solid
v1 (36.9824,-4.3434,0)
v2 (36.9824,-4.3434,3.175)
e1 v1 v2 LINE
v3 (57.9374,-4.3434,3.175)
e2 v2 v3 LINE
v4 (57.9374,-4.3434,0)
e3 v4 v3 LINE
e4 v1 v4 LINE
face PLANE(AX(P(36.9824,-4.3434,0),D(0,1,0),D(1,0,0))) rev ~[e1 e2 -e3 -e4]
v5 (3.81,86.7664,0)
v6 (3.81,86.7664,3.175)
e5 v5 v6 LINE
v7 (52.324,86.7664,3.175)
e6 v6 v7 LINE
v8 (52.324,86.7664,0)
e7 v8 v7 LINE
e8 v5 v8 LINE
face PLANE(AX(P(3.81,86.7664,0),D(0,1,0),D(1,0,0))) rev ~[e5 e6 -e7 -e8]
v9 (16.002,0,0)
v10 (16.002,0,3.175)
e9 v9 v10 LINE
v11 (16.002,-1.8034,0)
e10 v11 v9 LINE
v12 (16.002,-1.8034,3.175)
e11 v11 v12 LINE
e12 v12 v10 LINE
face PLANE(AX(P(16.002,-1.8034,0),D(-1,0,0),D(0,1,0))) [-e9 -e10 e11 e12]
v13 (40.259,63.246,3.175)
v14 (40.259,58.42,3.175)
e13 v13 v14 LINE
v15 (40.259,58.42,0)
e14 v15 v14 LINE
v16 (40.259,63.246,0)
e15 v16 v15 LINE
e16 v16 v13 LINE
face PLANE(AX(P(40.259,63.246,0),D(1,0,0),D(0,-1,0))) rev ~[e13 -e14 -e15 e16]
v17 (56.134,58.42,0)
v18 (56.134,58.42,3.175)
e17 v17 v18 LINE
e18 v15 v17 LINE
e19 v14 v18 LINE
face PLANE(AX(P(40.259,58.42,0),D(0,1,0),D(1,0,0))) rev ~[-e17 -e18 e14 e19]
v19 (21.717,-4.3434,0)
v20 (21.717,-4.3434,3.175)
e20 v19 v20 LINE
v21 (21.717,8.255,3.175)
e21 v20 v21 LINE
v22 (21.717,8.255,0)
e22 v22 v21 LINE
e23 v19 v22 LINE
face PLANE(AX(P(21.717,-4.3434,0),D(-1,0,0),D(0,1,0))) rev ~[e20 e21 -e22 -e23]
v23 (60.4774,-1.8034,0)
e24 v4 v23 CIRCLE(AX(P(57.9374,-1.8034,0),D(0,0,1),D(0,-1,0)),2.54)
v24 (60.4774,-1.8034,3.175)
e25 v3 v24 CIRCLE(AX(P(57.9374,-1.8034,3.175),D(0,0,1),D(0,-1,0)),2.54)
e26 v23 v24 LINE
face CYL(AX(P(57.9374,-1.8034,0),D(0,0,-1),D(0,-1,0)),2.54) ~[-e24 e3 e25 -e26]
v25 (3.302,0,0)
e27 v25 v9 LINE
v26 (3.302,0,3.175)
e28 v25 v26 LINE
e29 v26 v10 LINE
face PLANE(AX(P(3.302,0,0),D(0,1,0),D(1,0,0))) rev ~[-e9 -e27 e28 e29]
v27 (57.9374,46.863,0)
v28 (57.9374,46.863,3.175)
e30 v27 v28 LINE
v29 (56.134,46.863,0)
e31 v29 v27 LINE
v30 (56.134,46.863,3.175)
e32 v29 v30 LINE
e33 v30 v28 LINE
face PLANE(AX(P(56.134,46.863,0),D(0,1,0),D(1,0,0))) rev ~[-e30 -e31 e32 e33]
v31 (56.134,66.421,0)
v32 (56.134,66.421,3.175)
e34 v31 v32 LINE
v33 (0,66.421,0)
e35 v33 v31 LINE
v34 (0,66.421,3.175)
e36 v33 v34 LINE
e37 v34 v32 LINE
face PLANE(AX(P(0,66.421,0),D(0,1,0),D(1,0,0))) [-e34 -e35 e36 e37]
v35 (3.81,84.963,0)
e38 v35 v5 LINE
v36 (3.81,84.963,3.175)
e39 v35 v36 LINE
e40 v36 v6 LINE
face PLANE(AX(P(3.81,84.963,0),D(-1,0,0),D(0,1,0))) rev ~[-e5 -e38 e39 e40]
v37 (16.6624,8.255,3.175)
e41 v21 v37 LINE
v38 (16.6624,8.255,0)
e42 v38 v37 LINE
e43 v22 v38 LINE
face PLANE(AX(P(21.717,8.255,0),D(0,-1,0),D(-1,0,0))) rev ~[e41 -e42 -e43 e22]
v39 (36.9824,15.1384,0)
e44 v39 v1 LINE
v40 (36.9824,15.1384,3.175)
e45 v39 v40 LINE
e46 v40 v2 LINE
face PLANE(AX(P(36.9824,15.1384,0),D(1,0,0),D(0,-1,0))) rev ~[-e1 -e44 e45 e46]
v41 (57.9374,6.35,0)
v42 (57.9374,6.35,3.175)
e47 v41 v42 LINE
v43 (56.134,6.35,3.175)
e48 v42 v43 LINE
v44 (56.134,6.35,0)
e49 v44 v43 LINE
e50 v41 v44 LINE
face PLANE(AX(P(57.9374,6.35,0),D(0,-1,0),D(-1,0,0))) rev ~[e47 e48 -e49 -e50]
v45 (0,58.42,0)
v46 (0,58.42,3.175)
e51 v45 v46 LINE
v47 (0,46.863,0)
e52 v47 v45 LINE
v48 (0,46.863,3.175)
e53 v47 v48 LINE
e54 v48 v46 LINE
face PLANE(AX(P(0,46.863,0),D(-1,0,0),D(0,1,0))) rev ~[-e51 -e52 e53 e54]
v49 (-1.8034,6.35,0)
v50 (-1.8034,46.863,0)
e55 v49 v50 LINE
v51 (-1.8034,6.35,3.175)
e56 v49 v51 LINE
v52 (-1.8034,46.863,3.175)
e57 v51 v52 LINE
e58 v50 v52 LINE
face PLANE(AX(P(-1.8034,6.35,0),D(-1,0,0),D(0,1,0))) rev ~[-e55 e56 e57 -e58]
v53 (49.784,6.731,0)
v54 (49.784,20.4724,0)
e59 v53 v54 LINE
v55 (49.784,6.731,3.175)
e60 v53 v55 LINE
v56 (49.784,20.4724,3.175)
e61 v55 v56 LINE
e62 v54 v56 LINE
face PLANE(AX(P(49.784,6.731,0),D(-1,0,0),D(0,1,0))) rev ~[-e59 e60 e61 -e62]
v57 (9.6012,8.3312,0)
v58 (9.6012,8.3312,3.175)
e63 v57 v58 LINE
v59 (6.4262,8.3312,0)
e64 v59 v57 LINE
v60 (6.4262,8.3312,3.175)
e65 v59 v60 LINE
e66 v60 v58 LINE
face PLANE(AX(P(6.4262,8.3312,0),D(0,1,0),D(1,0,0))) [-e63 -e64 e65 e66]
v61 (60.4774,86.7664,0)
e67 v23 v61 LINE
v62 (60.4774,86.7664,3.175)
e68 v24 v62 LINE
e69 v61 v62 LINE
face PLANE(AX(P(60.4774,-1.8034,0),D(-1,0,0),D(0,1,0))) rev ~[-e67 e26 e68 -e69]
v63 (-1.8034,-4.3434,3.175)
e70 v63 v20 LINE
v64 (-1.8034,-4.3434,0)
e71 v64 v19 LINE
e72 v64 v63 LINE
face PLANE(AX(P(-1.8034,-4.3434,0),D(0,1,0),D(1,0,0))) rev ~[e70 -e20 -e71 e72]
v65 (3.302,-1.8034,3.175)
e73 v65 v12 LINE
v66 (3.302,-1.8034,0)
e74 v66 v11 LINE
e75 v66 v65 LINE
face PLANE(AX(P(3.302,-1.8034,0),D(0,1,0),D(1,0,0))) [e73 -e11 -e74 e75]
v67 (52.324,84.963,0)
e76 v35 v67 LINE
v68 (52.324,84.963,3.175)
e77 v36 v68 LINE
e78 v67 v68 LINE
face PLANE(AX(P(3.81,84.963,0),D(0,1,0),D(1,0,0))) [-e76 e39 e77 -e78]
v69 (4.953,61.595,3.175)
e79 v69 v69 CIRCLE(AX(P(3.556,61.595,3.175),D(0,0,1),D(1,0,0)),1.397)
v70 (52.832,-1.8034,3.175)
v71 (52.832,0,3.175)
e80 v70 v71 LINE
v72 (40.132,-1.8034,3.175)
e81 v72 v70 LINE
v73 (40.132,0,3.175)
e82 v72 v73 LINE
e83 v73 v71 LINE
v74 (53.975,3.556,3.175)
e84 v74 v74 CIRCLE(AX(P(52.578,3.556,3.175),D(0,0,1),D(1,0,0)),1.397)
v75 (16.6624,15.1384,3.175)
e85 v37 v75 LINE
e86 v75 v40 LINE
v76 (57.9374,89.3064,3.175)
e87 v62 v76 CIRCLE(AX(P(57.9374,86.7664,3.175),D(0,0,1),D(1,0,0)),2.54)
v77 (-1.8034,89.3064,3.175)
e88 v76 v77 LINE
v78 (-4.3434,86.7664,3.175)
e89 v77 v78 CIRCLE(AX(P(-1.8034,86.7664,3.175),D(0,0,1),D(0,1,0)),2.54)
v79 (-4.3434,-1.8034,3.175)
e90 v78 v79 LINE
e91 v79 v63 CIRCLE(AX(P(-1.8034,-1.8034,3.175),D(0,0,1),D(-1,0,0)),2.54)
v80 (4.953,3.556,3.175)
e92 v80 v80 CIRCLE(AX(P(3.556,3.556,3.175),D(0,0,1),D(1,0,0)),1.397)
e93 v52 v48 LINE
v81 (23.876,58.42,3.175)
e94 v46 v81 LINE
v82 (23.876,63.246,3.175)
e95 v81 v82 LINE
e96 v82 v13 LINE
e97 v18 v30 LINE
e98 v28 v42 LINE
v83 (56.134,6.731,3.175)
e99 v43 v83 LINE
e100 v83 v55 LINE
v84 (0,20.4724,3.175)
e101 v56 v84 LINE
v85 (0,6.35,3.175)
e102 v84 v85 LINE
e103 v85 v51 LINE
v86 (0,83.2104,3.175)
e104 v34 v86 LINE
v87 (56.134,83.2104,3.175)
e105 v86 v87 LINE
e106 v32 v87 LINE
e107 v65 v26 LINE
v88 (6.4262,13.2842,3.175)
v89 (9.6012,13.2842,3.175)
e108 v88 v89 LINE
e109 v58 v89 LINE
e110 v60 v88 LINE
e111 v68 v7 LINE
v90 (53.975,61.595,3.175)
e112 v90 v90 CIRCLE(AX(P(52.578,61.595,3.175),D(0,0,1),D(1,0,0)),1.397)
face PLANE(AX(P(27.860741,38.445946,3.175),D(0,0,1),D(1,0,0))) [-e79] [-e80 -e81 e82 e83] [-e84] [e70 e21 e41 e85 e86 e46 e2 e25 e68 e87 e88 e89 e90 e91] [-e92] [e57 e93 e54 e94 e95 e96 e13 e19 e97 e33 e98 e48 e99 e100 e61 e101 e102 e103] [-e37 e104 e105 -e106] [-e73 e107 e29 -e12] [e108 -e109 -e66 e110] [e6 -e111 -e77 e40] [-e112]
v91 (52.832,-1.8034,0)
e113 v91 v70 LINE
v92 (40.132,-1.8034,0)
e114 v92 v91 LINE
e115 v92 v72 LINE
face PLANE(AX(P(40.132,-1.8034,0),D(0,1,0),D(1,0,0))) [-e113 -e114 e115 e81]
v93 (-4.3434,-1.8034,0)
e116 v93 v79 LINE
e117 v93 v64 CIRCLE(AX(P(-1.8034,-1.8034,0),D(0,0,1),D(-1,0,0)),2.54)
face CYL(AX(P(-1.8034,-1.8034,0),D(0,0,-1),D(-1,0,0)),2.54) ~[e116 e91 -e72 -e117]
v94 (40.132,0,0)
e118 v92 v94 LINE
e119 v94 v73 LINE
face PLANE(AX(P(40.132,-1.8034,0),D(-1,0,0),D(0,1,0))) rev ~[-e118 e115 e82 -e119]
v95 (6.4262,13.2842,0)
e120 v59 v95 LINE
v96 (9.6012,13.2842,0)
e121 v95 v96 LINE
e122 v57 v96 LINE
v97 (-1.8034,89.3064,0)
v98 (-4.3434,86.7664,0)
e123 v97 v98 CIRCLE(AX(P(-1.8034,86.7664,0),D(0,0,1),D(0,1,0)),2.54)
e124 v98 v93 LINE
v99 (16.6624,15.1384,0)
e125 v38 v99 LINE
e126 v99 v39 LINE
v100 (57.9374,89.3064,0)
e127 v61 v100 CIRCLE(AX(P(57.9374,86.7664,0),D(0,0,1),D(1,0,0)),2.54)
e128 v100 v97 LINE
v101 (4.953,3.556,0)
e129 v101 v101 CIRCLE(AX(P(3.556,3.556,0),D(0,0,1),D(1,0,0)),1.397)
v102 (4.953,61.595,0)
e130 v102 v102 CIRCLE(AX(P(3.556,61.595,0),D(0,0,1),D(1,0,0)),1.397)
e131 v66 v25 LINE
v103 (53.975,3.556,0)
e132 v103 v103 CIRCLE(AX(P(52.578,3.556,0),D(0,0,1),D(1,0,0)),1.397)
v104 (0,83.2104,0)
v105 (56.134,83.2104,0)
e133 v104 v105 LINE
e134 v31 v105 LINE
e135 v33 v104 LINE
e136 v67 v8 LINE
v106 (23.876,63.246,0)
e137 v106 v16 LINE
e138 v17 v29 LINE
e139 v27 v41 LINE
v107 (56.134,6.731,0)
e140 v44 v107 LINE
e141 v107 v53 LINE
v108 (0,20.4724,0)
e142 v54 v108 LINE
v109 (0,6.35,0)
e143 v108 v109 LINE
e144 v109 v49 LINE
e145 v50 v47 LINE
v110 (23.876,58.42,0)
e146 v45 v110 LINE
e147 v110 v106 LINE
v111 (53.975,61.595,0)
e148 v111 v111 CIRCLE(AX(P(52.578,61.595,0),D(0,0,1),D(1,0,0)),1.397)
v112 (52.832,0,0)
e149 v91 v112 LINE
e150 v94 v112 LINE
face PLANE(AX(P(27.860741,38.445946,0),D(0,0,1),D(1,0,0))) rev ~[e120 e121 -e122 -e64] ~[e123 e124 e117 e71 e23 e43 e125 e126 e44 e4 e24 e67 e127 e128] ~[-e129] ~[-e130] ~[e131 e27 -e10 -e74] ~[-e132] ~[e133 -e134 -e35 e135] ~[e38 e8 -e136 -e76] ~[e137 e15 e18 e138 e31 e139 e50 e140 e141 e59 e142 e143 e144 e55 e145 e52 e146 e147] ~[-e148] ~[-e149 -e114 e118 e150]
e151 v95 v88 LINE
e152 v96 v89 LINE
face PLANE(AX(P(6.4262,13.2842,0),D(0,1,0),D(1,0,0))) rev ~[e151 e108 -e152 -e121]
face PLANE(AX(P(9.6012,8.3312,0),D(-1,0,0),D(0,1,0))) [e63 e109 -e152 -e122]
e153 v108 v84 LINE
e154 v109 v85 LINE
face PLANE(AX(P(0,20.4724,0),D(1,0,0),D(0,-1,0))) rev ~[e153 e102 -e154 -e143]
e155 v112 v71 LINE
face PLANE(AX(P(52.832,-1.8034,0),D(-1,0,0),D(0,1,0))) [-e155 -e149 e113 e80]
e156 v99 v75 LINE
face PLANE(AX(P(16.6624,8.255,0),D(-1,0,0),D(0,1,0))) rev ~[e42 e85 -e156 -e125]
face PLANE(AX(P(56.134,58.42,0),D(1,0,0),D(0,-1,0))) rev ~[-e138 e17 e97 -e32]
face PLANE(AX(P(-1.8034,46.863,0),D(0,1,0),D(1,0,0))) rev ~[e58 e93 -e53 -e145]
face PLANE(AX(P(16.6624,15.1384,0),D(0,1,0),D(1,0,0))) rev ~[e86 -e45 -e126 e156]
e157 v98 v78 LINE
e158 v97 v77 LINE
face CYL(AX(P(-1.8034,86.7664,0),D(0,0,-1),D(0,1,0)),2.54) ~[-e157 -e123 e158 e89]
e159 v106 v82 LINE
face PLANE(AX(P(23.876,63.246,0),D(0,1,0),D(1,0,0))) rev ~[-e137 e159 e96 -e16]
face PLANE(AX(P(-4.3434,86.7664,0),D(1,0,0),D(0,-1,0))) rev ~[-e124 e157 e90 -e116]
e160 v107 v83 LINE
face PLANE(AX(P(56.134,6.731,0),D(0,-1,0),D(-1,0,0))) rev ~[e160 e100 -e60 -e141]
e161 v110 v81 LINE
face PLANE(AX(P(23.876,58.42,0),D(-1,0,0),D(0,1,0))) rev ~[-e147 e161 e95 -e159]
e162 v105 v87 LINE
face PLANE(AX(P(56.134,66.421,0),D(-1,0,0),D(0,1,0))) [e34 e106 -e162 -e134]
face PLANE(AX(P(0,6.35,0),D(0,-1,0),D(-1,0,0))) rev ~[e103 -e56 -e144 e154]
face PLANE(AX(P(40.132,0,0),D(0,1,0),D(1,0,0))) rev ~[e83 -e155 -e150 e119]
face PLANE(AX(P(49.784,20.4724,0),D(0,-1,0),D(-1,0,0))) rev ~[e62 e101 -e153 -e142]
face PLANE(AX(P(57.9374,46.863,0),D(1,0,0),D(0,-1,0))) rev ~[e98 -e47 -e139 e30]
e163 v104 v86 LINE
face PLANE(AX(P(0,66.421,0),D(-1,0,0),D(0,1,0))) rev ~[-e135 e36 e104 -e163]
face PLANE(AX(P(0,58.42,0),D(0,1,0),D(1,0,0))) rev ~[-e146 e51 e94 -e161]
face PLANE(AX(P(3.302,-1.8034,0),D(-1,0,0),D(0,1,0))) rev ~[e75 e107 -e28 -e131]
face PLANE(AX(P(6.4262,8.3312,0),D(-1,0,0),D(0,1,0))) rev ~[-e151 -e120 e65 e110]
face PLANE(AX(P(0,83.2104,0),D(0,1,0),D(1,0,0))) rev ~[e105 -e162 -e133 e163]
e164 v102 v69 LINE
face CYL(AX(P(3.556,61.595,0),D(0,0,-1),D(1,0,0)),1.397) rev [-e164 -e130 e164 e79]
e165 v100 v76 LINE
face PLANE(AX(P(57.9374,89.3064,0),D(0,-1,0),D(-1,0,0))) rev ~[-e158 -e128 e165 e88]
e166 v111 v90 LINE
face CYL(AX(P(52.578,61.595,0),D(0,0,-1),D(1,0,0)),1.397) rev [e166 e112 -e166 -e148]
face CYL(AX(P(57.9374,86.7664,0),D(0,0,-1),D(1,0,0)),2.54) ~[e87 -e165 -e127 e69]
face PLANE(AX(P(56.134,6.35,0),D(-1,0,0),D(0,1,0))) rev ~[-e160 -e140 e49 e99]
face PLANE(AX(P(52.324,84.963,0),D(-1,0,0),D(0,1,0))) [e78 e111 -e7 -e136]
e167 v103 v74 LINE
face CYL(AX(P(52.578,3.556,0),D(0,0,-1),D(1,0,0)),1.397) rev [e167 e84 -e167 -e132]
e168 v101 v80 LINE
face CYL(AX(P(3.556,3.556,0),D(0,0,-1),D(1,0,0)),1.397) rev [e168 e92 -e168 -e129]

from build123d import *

# Parameters (mm, degrees)
SKETCH1_R           = 1.397
SKETCH1_W           = 12.7
SKETCH1_H           = 1.8034
SKETCH1_W_2         = 3.175
SKETCH1_H_2         = 4.953
SKETCH1_W_3         = 56.134
SKETCH1_H_3         = 16.7894
SKETCH1_W_4         = 48.514
BOSS_EXTRUDE1_DEPTH = 3.175


with BuildPart() as part:
    # Sketch1 → Boss-Extrude1 (new body)
    with BuildSketch(Plane.XY):
        with BuildLine():
            Line((36.9824, 15.1384), (36.9824, -4.3434))
            Line((36.9824, -4.3434), (57.9374, -4.3434))
            ThreePointArc((57.9374, -4.3434), (59.733451224, -3.599451224), (60.4774, -1.8034))
            Line((60.4774, -1.8034), (60.4774, 86.7664))
            ThreePointArc((60.4774, 86.7664), (59.733451224, 88.562451224), (57.9374, 89.3064))
            Line((57.9374, 89.3064), (-1.8034, 89.3064))
            ThreePointArc((-1.8034, 89.3064), (-3.599451224, 88.562451224), (-4.3434, 86.7664))
            Line((-4.3434, 86.7664), (-4.3434, -1.8034))
            ThreePointArc((-4.3434, -1.8034), (-3.599451224, -3.599451224), (-1.8034, -4.3434))
            Line((-1.8034, -4.3434), (21.717, -4.3434))
            Line((21.717, -4.3434), (21.717, 8.255))
            Line((21.717, 8.255), (16.6624, 8.255))
            Line((16.6624, 8.255), (16.6624, 15.1384))
            Line((16.6624, 15.1384), (36.9824, 15.1384))
        make_face()
        with Locations((3.556, 3.556)):
            Circle(SKETCH1_R, mode=Mode.SUBTRACT)
        with Locations((9.652, -0.9017)):
            Rectangle(SKETCH1_W, SKETCH1_H, mode=Mode.SUBTRACT)
        with Locations((8.0137, 10.8077)):
            Rectangle(SKETCH1_W_2, SKETCH1_H_2, mode=Mode.SUBTRACT)
        with Locations((46.482, -0.9017)):
            Rectangle(SKETCH1_W, SKETCH1_H, mode=Mode.SUBTRACT)
        with Locations((52.578, 3.556)):
            Circle(SKETCH1_R, mode=Mode.SUBTRACT)
        Polygon((49.784, 20.4724), (0, 20.4724), (0, 6.35), (-1.8034, 6.35), (-1.8034, 46.863), (0, 46.863), (0, 58.42), (23.876, 58.42), (23.876, 63.246), (40.259, 63.246), (40.259, 58.42), (56.134, 58.42), (56.134, 46.863), (57.9374, 46.863), (57.9374, 6.35), (56.134, 6.35), (56.134, 6.731), (49.784, 6.731), align=None, mode=Mode.SUBTRACT)
        with Locations((28.067, 74.8157)):
            Rectangle(SKETCH1_W_3, SKETCH1_H_3, mode=Mode.SUBTRACT)
        with Locations((28.067, 85.8647)):
            Rectangle(SKETCH1_W_4, SKETCH1_H, mode=Mode.SUBTRACT)
        with Locations((3.556, 61.595)):
            Circle(SKETCH1_R, mode=Mode.SUBTRACT)
        with Locations((52.578, 61.595)):
            Circle(SKETCH1_R, mode=Mode.SUBTRACT)
    extrude(amount=BOSS_EXTRUDE1_DEPTH)


solid = part.part
